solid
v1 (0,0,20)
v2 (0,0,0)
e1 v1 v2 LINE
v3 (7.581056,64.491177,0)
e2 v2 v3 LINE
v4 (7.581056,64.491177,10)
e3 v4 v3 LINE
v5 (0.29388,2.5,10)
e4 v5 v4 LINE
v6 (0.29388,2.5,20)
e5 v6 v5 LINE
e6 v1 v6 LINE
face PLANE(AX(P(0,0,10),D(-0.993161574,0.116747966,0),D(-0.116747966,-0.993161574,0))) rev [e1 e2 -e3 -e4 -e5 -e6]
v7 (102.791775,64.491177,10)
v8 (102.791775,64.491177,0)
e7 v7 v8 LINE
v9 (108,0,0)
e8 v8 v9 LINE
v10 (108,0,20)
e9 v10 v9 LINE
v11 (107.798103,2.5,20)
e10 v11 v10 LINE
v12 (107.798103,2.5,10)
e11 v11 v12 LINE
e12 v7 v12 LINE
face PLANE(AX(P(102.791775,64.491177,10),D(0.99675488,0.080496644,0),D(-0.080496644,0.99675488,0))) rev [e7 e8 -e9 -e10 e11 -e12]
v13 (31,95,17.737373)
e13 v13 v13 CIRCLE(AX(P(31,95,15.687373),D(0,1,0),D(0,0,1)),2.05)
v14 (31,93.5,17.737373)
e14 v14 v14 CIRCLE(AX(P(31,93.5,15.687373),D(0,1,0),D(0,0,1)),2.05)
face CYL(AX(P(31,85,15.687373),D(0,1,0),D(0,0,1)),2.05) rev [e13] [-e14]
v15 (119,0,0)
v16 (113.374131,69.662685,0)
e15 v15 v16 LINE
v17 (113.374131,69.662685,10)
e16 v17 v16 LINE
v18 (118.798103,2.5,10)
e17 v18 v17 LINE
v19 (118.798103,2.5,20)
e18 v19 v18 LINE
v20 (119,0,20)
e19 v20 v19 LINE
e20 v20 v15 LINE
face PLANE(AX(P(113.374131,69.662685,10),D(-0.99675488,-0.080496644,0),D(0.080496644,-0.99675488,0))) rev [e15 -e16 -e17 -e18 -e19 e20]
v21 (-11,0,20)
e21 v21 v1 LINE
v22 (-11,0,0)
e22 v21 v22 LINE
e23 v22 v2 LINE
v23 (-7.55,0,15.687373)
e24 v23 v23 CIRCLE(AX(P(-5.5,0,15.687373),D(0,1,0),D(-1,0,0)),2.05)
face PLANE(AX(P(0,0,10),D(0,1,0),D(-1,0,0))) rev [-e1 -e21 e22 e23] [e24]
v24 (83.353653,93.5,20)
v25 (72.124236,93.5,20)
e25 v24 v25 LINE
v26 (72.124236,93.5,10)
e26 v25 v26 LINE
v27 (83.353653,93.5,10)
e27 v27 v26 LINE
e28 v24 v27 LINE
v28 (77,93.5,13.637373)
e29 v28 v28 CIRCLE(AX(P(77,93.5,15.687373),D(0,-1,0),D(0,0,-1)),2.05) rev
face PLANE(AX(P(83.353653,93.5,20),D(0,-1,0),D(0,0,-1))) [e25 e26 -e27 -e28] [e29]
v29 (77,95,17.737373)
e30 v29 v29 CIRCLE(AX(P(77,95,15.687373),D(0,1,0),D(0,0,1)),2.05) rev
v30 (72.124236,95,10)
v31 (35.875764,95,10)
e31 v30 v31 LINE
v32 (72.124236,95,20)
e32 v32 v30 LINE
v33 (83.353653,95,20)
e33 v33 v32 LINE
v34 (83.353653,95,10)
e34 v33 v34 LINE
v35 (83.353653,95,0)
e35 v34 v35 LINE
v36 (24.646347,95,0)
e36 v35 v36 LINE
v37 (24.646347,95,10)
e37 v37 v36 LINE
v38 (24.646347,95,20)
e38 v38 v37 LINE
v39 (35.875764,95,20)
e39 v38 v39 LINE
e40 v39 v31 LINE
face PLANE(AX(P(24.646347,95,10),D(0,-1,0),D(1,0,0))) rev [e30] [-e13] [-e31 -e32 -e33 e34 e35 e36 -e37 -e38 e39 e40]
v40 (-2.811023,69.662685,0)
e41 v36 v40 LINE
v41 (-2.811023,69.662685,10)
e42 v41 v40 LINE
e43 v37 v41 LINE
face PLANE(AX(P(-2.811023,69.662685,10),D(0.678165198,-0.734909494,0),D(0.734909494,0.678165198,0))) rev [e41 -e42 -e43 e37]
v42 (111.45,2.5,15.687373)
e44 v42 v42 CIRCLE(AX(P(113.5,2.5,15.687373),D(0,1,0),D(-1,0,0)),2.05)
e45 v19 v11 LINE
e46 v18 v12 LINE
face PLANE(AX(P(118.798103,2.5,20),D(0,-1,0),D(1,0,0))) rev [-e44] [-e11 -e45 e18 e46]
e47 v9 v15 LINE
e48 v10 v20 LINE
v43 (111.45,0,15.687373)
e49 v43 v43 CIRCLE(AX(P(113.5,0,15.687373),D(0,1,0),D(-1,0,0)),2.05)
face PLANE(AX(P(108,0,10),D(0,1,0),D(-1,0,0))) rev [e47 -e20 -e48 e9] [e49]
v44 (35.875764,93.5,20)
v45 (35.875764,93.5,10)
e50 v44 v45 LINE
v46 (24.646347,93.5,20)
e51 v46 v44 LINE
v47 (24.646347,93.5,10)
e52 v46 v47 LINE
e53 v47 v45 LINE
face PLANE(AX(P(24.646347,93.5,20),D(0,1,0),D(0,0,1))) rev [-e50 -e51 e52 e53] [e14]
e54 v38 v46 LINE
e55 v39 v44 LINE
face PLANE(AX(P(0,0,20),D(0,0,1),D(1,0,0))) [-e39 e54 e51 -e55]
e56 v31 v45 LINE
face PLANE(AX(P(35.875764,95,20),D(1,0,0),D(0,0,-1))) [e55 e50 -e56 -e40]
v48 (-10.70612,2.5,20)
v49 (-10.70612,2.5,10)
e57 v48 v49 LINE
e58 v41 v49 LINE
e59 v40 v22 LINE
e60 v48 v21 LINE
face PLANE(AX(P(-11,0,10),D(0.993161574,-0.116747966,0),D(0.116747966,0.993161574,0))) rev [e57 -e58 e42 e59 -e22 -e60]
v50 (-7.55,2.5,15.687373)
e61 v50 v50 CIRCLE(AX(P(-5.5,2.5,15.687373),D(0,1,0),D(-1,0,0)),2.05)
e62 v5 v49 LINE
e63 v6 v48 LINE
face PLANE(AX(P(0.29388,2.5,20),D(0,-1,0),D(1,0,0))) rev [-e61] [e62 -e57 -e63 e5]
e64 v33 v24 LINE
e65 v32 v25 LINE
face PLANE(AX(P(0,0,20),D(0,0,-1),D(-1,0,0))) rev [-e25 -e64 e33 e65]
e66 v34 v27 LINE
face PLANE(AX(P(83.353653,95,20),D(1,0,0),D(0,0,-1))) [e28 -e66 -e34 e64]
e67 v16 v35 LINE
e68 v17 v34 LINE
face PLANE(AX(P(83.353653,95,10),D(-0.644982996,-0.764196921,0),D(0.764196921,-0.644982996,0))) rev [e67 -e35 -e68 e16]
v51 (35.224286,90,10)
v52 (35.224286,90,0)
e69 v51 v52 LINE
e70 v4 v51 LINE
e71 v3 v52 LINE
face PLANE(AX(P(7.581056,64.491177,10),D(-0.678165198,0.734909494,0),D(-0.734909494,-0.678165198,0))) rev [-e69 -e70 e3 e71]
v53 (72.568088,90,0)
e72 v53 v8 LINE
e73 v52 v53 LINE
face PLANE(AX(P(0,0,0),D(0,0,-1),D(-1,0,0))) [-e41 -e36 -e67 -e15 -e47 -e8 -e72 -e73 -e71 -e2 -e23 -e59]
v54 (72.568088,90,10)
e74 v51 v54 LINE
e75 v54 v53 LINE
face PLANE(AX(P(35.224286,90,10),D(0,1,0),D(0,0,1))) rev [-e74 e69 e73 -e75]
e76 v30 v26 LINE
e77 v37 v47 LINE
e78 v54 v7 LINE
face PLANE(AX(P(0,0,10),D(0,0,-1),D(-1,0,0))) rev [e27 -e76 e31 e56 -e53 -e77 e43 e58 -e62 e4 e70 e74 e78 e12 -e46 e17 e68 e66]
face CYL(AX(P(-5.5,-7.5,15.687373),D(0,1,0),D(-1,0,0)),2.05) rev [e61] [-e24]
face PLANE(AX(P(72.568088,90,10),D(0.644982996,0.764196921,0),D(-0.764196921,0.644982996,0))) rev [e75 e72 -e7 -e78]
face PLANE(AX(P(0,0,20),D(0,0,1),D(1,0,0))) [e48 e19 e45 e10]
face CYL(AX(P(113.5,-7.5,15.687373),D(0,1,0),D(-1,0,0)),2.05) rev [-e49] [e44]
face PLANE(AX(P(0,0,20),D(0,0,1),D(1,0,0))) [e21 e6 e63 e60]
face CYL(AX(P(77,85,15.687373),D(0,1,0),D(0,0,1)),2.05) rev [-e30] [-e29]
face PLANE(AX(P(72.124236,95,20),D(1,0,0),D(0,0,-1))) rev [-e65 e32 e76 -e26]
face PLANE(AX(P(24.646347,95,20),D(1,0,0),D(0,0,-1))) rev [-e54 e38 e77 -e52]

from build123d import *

# Parameters (mm, degrees)
BOSS_EXTRUDE1_DEPTH = 10
BOSS_EXTRUDE2_DEPTH = 10
SKETCH3_R           = 2.05
CUT_EXTRUDE1_DEPTH  = 10
SKETCH4_W           = 11.229416436
SKETCH4_H           = 1.5
BOSS_EXTRUDE3_DEPTH = 10
SKETCH6_R           = 2.05
CUT_EXTRUDE2_DEPTH  = 10


with BuildPart() as part:
    # Sketch1 → Boss-Extrude1 (new body)
    with BuildSketch(Plane.XY):
        Polygon((0, 0), (-11, 0), (-2.811023481, 69.662685047), (24.646347311, 95), (83.353652689, 95), (113.374131029, 69.662685047), (119, 0), (108, 0), (102.791775395, 64.491176779), (72.568088456, 90), (35.224285945, 90), (7.581056228, 64.491176779), align=None)
    extrude(amount=BOSS_EXTRUDE1_DEPTH)

    # Sketch2 → Boss-Extrude2 (add)
    with BuildSketch(Plane.XY.offset(10)):
        Polygon((-11, 0), (0, 0), (0.29387959, 2.5), (-10.70612041, 2.5), align=None)
        Polygon((108, 0), (119, 0), (118.798103211, 2.5), (107.798103211, 2.5), align=None)
    extrude(amount=BOSS_EXTRUDE2_DEPTH)

    # Sketch3 → Cut-Extrude1 (cut)
    with BuildSketch(Plane(origin=(0, 2.5, 0), x_dir=(1, 0, 0), z_dir=(0, 1, 0))):
        with Locations(Location((-5.5, -15.687372709, 0), (0, 0, 180))):
            Circle(SKETCH3_R)
        with Locations(Location((113.5, -15.687372709, 0), (0, 0, 180))):
            Circle(SKETCH3_R)
    extrude(amount=-CUT_EXTRUDE1_DEPTH, mode=Mode.SUBTRACT)

    # Sketch4 → Boss-Extrude3 (add)
    with BuildSketch(Plane.XY.offset(10)):
        with Locations((30.261055529, 94.25)):
            Rectangle(SKETCH4_W, SKETCH4_H)
        with Locations((77.738944471, 94.25)):
            Rectangle(SKETCH4_W, SKETCH4_H)
    extrude(amount=BOSS_EXTRUDE3_DEPTH)

    # Sketch6 → Cut-Extrude2 (cut)
    with BuildSketch(Plane(origin=(0, 95, 0), x_dir=(1, 0, 0), z_dir=(0, 1, 0))):
        with Locations(Location((31, -15.687372709, 0), (0, 0, 270))):
            Circle(SKETCH6_R)
        with Locations(Location((77, -15.687372709, 0), (0, 0, 270))):
            Circle(SKETCH6_R)
    extrude(amount=-CUT_EXTRUDE2_DEPTH, mode=Mode.SUBTRACT)


solid = part.part
